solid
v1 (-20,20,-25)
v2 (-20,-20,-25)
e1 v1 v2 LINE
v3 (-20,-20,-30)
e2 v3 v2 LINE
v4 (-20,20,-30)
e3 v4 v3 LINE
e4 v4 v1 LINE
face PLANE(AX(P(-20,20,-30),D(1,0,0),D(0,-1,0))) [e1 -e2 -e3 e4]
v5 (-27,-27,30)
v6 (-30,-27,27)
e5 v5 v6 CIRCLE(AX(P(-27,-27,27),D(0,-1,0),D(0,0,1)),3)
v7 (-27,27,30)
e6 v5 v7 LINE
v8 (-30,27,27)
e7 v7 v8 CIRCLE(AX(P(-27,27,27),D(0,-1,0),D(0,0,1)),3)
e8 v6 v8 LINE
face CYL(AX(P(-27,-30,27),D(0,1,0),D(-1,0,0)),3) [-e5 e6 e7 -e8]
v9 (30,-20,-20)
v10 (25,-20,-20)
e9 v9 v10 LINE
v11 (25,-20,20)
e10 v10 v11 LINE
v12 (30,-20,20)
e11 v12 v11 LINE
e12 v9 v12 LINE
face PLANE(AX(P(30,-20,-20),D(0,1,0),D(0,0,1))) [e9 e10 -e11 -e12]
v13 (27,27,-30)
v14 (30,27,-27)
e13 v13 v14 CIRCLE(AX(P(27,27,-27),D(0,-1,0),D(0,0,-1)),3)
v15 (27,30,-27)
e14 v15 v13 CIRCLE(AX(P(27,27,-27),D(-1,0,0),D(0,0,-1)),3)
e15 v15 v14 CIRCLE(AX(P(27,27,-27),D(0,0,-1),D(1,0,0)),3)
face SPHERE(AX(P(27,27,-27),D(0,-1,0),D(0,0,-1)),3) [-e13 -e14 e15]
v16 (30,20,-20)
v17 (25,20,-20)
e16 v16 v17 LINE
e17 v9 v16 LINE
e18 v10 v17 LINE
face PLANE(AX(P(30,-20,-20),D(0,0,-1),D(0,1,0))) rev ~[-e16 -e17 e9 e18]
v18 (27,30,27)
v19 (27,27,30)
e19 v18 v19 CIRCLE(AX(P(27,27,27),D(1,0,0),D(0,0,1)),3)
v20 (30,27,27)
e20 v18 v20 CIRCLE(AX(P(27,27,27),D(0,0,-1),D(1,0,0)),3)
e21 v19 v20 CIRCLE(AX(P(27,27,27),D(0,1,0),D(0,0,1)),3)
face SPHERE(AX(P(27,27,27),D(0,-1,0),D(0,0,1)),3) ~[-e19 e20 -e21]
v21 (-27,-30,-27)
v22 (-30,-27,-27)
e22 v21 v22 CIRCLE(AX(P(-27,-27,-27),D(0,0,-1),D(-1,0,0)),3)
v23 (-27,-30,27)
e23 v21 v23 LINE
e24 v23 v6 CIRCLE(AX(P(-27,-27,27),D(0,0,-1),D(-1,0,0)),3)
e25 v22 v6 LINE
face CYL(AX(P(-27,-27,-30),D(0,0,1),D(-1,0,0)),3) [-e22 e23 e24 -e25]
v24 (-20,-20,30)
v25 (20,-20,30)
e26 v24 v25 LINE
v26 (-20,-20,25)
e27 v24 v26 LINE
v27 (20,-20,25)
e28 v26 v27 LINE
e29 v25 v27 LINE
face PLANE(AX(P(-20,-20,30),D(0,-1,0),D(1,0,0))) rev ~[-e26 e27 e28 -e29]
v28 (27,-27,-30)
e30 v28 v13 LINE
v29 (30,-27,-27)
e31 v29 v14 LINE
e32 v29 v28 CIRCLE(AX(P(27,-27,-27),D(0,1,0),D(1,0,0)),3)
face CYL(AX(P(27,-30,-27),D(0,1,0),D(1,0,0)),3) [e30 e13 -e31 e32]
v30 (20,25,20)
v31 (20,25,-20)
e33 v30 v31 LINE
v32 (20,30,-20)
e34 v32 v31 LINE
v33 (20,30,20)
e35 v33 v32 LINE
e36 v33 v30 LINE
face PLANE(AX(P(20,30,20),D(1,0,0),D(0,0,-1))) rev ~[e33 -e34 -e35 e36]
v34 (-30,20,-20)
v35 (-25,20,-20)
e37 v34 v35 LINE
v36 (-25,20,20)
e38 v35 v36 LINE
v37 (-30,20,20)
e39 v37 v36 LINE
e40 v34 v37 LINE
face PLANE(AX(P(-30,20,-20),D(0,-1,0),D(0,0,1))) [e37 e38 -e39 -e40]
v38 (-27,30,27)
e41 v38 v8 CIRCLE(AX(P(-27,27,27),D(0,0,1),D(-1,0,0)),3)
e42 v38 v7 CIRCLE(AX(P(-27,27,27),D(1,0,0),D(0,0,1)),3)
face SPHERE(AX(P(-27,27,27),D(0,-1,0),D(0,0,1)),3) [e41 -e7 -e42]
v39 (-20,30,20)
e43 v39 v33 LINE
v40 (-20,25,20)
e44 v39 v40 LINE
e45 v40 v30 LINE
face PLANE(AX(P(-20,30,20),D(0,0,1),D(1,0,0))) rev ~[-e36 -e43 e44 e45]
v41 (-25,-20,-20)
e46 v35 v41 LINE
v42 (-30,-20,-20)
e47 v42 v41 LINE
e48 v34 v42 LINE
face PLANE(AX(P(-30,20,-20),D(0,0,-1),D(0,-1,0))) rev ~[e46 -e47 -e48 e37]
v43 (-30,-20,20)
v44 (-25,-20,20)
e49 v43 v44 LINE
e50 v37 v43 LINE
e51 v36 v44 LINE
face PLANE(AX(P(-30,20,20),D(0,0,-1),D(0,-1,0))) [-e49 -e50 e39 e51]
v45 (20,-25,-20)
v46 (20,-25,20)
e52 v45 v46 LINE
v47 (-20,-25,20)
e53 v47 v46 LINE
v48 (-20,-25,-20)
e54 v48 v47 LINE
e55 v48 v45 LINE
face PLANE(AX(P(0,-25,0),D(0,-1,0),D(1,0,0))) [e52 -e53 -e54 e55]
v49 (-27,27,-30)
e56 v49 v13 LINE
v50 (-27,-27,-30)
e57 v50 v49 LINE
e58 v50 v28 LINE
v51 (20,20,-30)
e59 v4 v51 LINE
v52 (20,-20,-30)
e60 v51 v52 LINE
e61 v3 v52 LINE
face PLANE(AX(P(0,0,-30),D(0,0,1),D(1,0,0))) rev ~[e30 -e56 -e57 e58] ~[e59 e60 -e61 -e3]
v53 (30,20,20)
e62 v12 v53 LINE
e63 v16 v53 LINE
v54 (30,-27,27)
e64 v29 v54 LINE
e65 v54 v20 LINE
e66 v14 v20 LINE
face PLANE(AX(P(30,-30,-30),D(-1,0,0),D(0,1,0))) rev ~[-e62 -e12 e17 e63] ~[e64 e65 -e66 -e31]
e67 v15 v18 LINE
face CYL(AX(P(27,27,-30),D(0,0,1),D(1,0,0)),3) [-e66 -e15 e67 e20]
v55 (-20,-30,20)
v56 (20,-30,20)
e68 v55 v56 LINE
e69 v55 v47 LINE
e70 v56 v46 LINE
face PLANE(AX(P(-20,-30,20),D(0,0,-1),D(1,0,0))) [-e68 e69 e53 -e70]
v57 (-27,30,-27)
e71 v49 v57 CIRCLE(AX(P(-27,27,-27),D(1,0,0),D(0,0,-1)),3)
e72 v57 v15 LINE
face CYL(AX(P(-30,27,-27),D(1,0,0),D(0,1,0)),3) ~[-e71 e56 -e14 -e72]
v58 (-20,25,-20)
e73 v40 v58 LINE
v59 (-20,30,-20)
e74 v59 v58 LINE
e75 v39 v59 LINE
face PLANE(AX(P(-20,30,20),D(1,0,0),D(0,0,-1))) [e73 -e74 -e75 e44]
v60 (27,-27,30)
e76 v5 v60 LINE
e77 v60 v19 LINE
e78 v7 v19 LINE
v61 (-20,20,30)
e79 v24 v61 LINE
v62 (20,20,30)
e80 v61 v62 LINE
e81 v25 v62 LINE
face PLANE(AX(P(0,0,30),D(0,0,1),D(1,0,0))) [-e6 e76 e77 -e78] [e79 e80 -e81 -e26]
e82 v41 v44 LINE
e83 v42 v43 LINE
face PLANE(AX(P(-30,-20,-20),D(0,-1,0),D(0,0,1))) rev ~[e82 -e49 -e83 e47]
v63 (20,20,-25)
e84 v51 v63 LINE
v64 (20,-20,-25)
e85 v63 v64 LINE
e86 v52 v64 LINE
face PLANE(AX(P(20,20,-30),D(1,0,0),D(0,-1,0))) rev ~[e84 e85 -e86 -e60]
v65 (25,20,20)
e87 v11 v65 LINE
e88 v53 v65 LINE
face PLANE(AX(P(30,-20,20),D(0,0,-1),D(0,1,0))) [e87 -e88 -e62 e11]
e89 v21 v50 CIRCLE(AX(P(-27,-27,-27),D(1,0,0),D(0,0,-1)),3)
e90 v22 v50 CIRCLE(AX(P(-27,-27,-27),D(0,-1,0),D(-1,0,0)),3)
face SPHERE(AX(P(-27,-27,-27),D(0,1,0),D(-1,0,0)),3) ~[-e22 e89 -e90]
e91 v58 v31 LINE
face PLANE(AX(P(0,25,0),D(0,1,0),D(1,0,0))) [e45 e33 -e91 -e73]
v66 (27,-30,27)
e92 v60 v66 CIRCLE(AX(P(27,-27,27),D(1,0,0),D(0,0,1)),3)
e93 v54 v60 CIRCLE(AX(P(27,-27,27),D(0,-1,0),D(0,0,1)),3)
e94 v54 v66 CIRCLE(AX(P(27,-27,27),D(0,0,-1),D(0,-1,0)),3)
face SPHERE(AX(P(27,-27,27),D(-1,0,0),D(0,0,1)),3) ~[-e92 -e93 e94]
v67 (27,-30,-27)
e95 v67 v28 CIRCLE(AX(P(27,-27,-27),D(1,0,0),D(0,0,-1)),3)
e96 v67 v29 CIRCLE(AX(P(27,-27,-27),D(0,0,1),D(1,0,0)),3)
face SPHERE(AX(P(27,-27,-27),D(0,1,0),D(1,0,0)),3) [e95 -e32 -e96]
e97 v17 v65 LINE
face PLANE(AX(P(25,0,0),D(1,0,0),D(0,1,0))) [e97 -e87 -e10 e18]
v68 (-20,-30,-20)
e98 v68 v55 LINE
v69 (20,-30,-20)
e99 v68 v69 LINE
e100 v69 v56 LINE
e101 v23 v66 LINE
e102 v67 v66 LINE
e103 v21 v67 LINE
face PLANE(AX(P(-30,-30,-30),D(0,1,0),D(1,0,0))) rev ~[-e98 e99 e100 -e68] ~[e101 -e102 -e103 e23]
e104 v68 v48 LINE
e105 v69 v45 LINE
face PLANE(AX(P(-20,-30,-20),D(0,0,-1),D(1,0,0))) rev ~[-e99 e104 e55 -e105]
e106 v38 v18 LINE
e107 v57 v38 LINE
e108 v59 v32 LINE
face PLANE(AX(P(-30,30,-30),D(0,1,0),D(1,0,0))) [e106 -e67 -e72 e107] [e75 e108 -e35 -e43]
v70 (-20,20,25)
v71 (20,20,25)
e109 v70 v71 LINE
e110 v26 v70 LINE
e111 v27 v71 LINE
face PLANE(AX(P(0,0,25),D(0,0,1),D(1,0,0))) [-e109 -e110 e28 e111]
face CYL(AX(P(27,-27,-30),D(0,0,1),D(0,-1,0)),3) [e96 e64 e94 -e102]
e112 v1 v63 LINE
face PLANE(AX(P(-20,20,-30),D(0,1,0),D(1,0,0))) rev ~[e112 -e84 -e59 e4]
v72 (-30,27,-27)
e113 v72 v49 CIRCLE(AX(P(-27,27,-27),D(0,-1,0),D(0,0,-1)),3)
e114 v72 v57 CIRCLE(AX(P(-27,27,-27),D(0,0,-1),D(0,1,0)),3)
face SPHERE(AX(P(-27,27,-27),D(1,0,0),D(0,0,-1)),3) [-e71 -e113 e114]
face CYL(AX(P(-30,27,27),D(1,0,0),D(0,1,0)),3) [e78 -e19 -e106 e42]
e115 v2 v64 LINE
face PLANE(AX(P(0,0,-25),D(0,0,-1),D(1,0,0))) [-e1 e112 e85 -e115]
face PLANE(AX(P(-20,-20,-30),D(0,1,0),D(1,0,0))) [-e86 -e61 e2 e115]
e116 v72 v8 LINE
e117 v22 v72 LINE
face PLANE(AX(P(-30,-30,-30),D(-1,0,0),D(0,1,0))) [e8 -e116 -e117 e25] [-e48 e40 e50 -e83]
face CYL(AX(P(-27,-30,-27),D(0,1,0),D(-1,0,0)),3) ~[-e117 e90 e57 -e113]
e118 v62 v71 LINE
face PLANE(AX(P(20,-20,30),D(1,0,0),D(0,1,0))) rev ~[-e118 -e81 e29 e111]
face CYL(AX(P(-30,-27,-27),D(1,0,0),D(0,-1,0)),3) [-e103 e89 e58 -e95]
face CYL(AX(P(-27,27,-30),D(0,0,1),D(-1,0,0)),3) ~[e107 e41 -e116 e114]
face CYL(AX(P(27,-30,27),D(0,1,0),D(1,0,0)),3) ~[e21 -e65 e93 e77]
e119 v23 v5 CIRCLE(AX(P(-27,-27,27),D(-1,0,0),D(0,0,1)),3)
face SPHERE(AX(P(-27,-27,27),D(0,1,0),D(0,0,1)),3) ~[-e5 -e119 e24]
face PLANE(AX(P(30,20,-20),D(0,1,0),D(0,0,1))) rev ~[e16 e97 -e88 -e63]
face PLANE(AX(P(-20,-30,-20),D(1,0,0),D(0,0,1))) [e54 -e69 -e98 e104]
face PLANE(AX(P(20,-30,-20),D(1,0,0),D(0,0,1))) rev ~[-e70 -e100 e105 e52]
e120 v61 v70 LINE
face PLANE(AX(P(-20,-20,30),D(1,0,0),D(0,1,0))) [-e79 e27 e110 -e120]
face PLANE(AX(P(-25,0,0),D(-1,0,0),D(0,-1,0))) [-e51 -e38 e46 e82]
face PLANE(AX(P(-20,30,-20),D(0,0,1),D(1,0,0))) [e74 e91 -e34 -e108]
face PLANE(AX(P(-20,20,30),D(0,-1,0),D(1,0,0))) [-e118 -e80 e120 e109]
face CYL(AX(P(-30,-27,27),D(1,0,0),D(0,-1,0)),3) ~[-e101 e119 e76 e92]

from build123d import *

# Parameters (mm, degrees)
DODANIE_WYCI_GNI_CIE1_DEPTH      = 30
DODANIE_WYCI_GNI_CIE1_DEPTH_BACK = 30
SZKIC1_W                         = 60
SZKIC1_H                         = 60
ZAOKR_GLENIE1_R                  = 3
SZKIC2_W                         = 40
SZKIC2_H                         = 40
WYTNIJ_WYCI_GNI_CIE1_DEPTH       = 5
SZYK_KO_OWY1_COUNT               = 4
SZYK_KO_OWY2_COPY_1_SKETCH_W     = 40
SZYK_KO_OWY2_COPY_1_SKETCH_H     = 40
SZYK_KO_OWY2_COPY_1_DEPTH        = 5
SZYK_KO_OWY2_COPY_2_SKETCH_W     = 40
SZYK_KO_OWY2_COPY_2_SKETCH_H     = 40
SZYK_KO_OWY2_COPY_2_DEPTH        = 5
SZYK_KO_OWY2_COPY_3_SKETCH_W     = 40
SZYK_KO_OWY2_COPY_3_SKETCH_H     = 40
SZYK_KO_OWY2_COPY_3_DEPTH        = 5
SZYK_KO_OWY2_COPY_4_SKETCH_W     = 40
SZYK_KO_OWY2_COPY_4_SKETCH_H     = 40
SZYK_KO_OWY2_COPY_4_DEPTH        = 5
SZYK_KO_OWY2_COPY_5_SKETCH_W     = 40
SZYK_KO_OWY2_COPY_5_SKETCH_H     = 40
SZYK_KO_OWY2_COPY_5_DEPTH        = 5
SZYK_KO_OWY2_COPY_6_SKETCH_W     = 40
SZYK_KO_OWY2_COPY_6_SKETCH_H     = 40
SZYK_KO_OWY2_COPY_6_DEPTH        = 5
SZYK_KO_OWY2_COPY_7_SKETCH_W     = 40
SZYK_KO_OWY2_COPY_7_SKETCH_H     = 40
SZYK_KO_OWY2_COPY_7_DEPTH        = 5
SZYK_KO_OWY2_COPY_8_SKETCH_W     = 40
SZYK_KO_OWY2_COPY_8_SKETCH_H     = 40
SZYK_KO_OWY2_COPY_8_DEPTH        = 5
SZYK_KO_OWY2_COPY_9_SKETCH_W     = 40
SZYK_KO_OWY2_COPY_9_SKETCH_H     = 40
SZYK_KO_OWY2_COPY_9_DEPTH        = 5
SZYK_KO_OWY2_COPY_10_SKETCH_W    = 40
SZYK_KO_OWY2_COPY_10_SKETCH_H    = 40
SZYK_KO_OWY2_COPY_10_DEPTH       = 5
SZYK_KO_OWY2_COPY_11_SKETCH_W    = 40
SZYK_KO_OWY2_COPY_11_SKETCH_H    = 40
SZYK_KO_OWY2_COPY_11_DEPTH       = 5
SZYK_KO_OWY2_COPY_12_SKETCH_W    = 40
SZYK_KO_OWY2_COPY_12_SKETCH_H    = 40
SZYK_KO_OWY2_COPY_12_DEPTH       = 5


with BuildPart() as part:
    # Szkic1 → Dodanie-wyciągnięcie1 (new, two sides: drawn at the far end of the back side and taken through both)
    with BuildSketch(Plane.XY.offset(-DODANIE_WYCI_GNI_CIE1_DEPTH_BACK)):
        Rectangle(SZKIC1_W, SZKIC1_H)
    extrude(amount=DODANIE_WYCI_GNI_CIE1_DEPTH + DODANIE_WYCI_GNI_CIE1_DEPTH_BACK)

    # Zaokrąglenie1
    zaokr_glenie1_edges = [part.edges().sort_by_distance(p)[0] for p in [
        (-30, -30, 0),
        (0, -30, -30),
        (-30, 0, -30),
        (30, 0, -30),
        (30, -30, 0),
        (0, 30, -30),
        (30, 30, 0),
        (-30, 30, 0),
        (0, 30, 30),
        (30, 0, 30),
        (0, -30, 30),
        (-30, 0, 30),
    ]]
    fillet(zaokr_glenie1_edges, radius=ZAOKR_GLENIE1_R)

    # Szkic2 → Wytnij-wyciągnięcie1 (cut)
    with BuildSketch(Plane.XY.offset(30)):
        Rectangle(SZKIC2_W, SZKIC2_H)
    wytnij_wyci_gni_cie1 = extrude(amount=-WYTNIJ_WYCI_GNI_CIE1_DEPTH, mode=Mode.SUBTRACT)

    # Szyk kołowy1: Wytnij-wyciągnięcie1 ×4 about axis
    szyk_ko_owy1_axis = Axis((-33, 0, 0), (1, 0, 0))
    for i in range(1, SZYK_KO_OWY1_COUNT):
        add(wytnij_wyci_gni_cie1.rotate(szyk_ko_owy1_axis, i * 360 / SZYK_KO_OWY1_COUNT), mode=Mode.SUBTRACT)

    # Szyk kołowy2 copy 1 sketch → Szyk kołowy2 copy 1 (cut)
    with BuildSketch(Plane.YZ.offset(30)):
        Rectangle(SZYK_KO_OWY2_COPY_1_SKETCH_W, SZYK_KO_OWY2_COPY_1_SKETCH_H)
    extrude(amount=-SZYK_KO_OWY2_COPY_1_DEPTH, mode=Mode.SUBTRACT)

    # Szyk kołowy2 copy 2 sketch → Szyk kołowy2 copy 2 (cut)
    with BuildSketch(Plane(origin=(0, 30, 0), x_dir=(-1, 0, 0), z_dir=(0, 1, 0))):
        Rectangle(SZYK_KO_OWY2_COPY_2_SKETCH_W, SZYK_KO_OWY2_COPY_2_SKETCH_H)
    extrude(amount=-SZYK_KO_OWY2_COPY_2_DEPTH, mode=Mode.SUBTRACT)

    # Szyk kołowy2 copy 3 sketch → Szyk kołowy2 copy 3 (cut)
    with BuildSketch(Plane(origin=(-30, 0, 0), x_dir=(0, -1, 0), z_dir=(-1, 0, 0))):
        Rectangle(SZYK_KO_OWY2_COPY_3_SKETCH_W, SZYK_KO_OWY2_COPY_3_SKETCH_H)
    extrude(amount=-SZYK_KO_OWY2_COPY_3_DEPTH, mode=Mode.SUBTRACT)

    # Szyk kołowy2 copy 4 sketch → Szyk kołowy2 copy 4 (cut)
    with BuildSketch(Plane.YX.offset(30)):
        Rectangle(SZYK_KO_OWY2_COPY_4_SKETCH_W, SZYK_KO_OWY2_COPY_4_SKETCH_H)
    extrude(amount=-SZYK_KO_OWY2_COPY_4_DEPTH, mode=Mode.SUBTRACT)

    # Szyk kołowy2 copy 5 sketch → Szyk kołowy2 copy 5 (cut)
    with BuildSketch(Plane(origin=(0, 0, -30), x_dir=(-1, 0, 0), z_dir=(0, 0, -1))):
        Rectangle(SZYK_KO_OWY2_COPY_5_SKETCH_W, SZYK_KO_OWY2_COPY_5_SKETCH_H)
    extrude(amount=-SZYK_KO_OWY2_COPY_5_DEPTH, mode=Mode.SUBTRACT)

    # Szyk kołowy2 copy 6 sketch → Szyk kołowy2 copy 6 (cut)
    with BuildSketch(Plane(origin=(0, 0, -30), x_dir=(0, -1, 0), z_dir=(0, 0, -1))):
        Rectangle(SZYK_KO_OWY2_COPY_6_SKETCH_W, SZYK_KO_OWY2_COPY_6_SKETCH_H)
    extrude(amount=-SZYK_KO_OWY2_COPY_6_DEPTH, mode=Mode.SUBTRACT)

    # Szyk kołowy2 copy 7 sketch → Szyk kołowy2 copy 7 (cut)
    with BuildSketch(Plane(origin=(-30, 0, 0), x_dir=(0, 1, 0), z_dir=(-1, 0, 0))):
        Rectangle(SZYK_KO_OWY2_COPY_7_SKETCH_W, SZYK_KO_OWY2_COPY_7_SKETCH_H)
    extrude(amount=-SZYK_KO_OWY2_COPY_7_DEPTH, mode=Mode.SUBTRACT)

    # Szyk kołowy2 copy 8 sketch → Szyk kołowy2 copy 8 (cut)
    with BuildSketch(Plane(origin=(0, -30, 0), x_dir=(-1, 0, 0), z_dir=(0, -1, 0))):
        Rectangle(SZYK_KO_OWY2_COPY_8_SKETCH_W, SZYK_KO_OWY2_COPY_8_SKETCH_H)
    extrude(amount=-SZYK_KO_OWY2_COPY_8_DEPTH, mode=Mode.SUBTRACT)

    # Szyk kołowy2 copy 9 sketch → Szyk kołowy2 copy 9 (cut)
    with BuildSketch(Plane(origin=(30, 0, 0), x_dir=(0, -1, 0), z_dir=(1, 0, 0))):
        Rectangle(SZYK_KO_OWY2_COPY_9_SKETCH_W, SZYK_KO_OWY2_COPY_9_SKETCH_H)
    extrude(amount=-SZYK_KO_OWY2_COPY_9_DEPTH, mode=Mode.SUBTRACT)

    # Szyk kołowy2 copy 10 sketch → Szyk kołowy2 copy 10 (cut)
    with BuildSketch(Plane(origin=(0, 0, 30), x_dir=(0, 1, 0), z_dir=(0, 0, 1))):
        Rectangle(SZYK_KO_OWY2_COPY_10_SKETCH_W, SZYK_KO_OWY2_COPY_10_SKETCH_H)
    extrude(amount=-SZYK_KO_OWY2_COPY_10_DEPTH, mode=Mode.SUBTRACT)

    # Szyk kołowy2 copy 11 sketch → Szyk kołowy2 copy 11 (cut)
    with BuildSketch(Plane(origin=(0, 0, 30), x_dir=(-1, 0, 0), z_dir=(0, 0, 1))):
        Rectangle(SZYK_KO_OWY2_COPY_11_SKETCH_W, SZYK_KO_OWY2_COPY_11_SKETCH_H)
    extrude(amount=-SZYK_KO_OWY2_COPY_11_DEPTH, mode=Mode.SUBTRACT)

    # Szyk kołowy2 copy 12 sketch → Szyk kołowy2 copy 12 (cut)
    with BuildSketch(Plane(origin=(0, 0, 30), x_dir=(0, -1, 0), z_dir=(0, 0, 1))):
        Rectangle(SZYK_KO_OWY2_COPY_12_SKETCH_W, SZYK_KO_OWY2_COPY_12_SKETCH_H)
    extrude(amount=-SZYK_KO_OWY2_COPY_12_DEPTH, mode=Mode.SUBTRACT)


solid = part.part
